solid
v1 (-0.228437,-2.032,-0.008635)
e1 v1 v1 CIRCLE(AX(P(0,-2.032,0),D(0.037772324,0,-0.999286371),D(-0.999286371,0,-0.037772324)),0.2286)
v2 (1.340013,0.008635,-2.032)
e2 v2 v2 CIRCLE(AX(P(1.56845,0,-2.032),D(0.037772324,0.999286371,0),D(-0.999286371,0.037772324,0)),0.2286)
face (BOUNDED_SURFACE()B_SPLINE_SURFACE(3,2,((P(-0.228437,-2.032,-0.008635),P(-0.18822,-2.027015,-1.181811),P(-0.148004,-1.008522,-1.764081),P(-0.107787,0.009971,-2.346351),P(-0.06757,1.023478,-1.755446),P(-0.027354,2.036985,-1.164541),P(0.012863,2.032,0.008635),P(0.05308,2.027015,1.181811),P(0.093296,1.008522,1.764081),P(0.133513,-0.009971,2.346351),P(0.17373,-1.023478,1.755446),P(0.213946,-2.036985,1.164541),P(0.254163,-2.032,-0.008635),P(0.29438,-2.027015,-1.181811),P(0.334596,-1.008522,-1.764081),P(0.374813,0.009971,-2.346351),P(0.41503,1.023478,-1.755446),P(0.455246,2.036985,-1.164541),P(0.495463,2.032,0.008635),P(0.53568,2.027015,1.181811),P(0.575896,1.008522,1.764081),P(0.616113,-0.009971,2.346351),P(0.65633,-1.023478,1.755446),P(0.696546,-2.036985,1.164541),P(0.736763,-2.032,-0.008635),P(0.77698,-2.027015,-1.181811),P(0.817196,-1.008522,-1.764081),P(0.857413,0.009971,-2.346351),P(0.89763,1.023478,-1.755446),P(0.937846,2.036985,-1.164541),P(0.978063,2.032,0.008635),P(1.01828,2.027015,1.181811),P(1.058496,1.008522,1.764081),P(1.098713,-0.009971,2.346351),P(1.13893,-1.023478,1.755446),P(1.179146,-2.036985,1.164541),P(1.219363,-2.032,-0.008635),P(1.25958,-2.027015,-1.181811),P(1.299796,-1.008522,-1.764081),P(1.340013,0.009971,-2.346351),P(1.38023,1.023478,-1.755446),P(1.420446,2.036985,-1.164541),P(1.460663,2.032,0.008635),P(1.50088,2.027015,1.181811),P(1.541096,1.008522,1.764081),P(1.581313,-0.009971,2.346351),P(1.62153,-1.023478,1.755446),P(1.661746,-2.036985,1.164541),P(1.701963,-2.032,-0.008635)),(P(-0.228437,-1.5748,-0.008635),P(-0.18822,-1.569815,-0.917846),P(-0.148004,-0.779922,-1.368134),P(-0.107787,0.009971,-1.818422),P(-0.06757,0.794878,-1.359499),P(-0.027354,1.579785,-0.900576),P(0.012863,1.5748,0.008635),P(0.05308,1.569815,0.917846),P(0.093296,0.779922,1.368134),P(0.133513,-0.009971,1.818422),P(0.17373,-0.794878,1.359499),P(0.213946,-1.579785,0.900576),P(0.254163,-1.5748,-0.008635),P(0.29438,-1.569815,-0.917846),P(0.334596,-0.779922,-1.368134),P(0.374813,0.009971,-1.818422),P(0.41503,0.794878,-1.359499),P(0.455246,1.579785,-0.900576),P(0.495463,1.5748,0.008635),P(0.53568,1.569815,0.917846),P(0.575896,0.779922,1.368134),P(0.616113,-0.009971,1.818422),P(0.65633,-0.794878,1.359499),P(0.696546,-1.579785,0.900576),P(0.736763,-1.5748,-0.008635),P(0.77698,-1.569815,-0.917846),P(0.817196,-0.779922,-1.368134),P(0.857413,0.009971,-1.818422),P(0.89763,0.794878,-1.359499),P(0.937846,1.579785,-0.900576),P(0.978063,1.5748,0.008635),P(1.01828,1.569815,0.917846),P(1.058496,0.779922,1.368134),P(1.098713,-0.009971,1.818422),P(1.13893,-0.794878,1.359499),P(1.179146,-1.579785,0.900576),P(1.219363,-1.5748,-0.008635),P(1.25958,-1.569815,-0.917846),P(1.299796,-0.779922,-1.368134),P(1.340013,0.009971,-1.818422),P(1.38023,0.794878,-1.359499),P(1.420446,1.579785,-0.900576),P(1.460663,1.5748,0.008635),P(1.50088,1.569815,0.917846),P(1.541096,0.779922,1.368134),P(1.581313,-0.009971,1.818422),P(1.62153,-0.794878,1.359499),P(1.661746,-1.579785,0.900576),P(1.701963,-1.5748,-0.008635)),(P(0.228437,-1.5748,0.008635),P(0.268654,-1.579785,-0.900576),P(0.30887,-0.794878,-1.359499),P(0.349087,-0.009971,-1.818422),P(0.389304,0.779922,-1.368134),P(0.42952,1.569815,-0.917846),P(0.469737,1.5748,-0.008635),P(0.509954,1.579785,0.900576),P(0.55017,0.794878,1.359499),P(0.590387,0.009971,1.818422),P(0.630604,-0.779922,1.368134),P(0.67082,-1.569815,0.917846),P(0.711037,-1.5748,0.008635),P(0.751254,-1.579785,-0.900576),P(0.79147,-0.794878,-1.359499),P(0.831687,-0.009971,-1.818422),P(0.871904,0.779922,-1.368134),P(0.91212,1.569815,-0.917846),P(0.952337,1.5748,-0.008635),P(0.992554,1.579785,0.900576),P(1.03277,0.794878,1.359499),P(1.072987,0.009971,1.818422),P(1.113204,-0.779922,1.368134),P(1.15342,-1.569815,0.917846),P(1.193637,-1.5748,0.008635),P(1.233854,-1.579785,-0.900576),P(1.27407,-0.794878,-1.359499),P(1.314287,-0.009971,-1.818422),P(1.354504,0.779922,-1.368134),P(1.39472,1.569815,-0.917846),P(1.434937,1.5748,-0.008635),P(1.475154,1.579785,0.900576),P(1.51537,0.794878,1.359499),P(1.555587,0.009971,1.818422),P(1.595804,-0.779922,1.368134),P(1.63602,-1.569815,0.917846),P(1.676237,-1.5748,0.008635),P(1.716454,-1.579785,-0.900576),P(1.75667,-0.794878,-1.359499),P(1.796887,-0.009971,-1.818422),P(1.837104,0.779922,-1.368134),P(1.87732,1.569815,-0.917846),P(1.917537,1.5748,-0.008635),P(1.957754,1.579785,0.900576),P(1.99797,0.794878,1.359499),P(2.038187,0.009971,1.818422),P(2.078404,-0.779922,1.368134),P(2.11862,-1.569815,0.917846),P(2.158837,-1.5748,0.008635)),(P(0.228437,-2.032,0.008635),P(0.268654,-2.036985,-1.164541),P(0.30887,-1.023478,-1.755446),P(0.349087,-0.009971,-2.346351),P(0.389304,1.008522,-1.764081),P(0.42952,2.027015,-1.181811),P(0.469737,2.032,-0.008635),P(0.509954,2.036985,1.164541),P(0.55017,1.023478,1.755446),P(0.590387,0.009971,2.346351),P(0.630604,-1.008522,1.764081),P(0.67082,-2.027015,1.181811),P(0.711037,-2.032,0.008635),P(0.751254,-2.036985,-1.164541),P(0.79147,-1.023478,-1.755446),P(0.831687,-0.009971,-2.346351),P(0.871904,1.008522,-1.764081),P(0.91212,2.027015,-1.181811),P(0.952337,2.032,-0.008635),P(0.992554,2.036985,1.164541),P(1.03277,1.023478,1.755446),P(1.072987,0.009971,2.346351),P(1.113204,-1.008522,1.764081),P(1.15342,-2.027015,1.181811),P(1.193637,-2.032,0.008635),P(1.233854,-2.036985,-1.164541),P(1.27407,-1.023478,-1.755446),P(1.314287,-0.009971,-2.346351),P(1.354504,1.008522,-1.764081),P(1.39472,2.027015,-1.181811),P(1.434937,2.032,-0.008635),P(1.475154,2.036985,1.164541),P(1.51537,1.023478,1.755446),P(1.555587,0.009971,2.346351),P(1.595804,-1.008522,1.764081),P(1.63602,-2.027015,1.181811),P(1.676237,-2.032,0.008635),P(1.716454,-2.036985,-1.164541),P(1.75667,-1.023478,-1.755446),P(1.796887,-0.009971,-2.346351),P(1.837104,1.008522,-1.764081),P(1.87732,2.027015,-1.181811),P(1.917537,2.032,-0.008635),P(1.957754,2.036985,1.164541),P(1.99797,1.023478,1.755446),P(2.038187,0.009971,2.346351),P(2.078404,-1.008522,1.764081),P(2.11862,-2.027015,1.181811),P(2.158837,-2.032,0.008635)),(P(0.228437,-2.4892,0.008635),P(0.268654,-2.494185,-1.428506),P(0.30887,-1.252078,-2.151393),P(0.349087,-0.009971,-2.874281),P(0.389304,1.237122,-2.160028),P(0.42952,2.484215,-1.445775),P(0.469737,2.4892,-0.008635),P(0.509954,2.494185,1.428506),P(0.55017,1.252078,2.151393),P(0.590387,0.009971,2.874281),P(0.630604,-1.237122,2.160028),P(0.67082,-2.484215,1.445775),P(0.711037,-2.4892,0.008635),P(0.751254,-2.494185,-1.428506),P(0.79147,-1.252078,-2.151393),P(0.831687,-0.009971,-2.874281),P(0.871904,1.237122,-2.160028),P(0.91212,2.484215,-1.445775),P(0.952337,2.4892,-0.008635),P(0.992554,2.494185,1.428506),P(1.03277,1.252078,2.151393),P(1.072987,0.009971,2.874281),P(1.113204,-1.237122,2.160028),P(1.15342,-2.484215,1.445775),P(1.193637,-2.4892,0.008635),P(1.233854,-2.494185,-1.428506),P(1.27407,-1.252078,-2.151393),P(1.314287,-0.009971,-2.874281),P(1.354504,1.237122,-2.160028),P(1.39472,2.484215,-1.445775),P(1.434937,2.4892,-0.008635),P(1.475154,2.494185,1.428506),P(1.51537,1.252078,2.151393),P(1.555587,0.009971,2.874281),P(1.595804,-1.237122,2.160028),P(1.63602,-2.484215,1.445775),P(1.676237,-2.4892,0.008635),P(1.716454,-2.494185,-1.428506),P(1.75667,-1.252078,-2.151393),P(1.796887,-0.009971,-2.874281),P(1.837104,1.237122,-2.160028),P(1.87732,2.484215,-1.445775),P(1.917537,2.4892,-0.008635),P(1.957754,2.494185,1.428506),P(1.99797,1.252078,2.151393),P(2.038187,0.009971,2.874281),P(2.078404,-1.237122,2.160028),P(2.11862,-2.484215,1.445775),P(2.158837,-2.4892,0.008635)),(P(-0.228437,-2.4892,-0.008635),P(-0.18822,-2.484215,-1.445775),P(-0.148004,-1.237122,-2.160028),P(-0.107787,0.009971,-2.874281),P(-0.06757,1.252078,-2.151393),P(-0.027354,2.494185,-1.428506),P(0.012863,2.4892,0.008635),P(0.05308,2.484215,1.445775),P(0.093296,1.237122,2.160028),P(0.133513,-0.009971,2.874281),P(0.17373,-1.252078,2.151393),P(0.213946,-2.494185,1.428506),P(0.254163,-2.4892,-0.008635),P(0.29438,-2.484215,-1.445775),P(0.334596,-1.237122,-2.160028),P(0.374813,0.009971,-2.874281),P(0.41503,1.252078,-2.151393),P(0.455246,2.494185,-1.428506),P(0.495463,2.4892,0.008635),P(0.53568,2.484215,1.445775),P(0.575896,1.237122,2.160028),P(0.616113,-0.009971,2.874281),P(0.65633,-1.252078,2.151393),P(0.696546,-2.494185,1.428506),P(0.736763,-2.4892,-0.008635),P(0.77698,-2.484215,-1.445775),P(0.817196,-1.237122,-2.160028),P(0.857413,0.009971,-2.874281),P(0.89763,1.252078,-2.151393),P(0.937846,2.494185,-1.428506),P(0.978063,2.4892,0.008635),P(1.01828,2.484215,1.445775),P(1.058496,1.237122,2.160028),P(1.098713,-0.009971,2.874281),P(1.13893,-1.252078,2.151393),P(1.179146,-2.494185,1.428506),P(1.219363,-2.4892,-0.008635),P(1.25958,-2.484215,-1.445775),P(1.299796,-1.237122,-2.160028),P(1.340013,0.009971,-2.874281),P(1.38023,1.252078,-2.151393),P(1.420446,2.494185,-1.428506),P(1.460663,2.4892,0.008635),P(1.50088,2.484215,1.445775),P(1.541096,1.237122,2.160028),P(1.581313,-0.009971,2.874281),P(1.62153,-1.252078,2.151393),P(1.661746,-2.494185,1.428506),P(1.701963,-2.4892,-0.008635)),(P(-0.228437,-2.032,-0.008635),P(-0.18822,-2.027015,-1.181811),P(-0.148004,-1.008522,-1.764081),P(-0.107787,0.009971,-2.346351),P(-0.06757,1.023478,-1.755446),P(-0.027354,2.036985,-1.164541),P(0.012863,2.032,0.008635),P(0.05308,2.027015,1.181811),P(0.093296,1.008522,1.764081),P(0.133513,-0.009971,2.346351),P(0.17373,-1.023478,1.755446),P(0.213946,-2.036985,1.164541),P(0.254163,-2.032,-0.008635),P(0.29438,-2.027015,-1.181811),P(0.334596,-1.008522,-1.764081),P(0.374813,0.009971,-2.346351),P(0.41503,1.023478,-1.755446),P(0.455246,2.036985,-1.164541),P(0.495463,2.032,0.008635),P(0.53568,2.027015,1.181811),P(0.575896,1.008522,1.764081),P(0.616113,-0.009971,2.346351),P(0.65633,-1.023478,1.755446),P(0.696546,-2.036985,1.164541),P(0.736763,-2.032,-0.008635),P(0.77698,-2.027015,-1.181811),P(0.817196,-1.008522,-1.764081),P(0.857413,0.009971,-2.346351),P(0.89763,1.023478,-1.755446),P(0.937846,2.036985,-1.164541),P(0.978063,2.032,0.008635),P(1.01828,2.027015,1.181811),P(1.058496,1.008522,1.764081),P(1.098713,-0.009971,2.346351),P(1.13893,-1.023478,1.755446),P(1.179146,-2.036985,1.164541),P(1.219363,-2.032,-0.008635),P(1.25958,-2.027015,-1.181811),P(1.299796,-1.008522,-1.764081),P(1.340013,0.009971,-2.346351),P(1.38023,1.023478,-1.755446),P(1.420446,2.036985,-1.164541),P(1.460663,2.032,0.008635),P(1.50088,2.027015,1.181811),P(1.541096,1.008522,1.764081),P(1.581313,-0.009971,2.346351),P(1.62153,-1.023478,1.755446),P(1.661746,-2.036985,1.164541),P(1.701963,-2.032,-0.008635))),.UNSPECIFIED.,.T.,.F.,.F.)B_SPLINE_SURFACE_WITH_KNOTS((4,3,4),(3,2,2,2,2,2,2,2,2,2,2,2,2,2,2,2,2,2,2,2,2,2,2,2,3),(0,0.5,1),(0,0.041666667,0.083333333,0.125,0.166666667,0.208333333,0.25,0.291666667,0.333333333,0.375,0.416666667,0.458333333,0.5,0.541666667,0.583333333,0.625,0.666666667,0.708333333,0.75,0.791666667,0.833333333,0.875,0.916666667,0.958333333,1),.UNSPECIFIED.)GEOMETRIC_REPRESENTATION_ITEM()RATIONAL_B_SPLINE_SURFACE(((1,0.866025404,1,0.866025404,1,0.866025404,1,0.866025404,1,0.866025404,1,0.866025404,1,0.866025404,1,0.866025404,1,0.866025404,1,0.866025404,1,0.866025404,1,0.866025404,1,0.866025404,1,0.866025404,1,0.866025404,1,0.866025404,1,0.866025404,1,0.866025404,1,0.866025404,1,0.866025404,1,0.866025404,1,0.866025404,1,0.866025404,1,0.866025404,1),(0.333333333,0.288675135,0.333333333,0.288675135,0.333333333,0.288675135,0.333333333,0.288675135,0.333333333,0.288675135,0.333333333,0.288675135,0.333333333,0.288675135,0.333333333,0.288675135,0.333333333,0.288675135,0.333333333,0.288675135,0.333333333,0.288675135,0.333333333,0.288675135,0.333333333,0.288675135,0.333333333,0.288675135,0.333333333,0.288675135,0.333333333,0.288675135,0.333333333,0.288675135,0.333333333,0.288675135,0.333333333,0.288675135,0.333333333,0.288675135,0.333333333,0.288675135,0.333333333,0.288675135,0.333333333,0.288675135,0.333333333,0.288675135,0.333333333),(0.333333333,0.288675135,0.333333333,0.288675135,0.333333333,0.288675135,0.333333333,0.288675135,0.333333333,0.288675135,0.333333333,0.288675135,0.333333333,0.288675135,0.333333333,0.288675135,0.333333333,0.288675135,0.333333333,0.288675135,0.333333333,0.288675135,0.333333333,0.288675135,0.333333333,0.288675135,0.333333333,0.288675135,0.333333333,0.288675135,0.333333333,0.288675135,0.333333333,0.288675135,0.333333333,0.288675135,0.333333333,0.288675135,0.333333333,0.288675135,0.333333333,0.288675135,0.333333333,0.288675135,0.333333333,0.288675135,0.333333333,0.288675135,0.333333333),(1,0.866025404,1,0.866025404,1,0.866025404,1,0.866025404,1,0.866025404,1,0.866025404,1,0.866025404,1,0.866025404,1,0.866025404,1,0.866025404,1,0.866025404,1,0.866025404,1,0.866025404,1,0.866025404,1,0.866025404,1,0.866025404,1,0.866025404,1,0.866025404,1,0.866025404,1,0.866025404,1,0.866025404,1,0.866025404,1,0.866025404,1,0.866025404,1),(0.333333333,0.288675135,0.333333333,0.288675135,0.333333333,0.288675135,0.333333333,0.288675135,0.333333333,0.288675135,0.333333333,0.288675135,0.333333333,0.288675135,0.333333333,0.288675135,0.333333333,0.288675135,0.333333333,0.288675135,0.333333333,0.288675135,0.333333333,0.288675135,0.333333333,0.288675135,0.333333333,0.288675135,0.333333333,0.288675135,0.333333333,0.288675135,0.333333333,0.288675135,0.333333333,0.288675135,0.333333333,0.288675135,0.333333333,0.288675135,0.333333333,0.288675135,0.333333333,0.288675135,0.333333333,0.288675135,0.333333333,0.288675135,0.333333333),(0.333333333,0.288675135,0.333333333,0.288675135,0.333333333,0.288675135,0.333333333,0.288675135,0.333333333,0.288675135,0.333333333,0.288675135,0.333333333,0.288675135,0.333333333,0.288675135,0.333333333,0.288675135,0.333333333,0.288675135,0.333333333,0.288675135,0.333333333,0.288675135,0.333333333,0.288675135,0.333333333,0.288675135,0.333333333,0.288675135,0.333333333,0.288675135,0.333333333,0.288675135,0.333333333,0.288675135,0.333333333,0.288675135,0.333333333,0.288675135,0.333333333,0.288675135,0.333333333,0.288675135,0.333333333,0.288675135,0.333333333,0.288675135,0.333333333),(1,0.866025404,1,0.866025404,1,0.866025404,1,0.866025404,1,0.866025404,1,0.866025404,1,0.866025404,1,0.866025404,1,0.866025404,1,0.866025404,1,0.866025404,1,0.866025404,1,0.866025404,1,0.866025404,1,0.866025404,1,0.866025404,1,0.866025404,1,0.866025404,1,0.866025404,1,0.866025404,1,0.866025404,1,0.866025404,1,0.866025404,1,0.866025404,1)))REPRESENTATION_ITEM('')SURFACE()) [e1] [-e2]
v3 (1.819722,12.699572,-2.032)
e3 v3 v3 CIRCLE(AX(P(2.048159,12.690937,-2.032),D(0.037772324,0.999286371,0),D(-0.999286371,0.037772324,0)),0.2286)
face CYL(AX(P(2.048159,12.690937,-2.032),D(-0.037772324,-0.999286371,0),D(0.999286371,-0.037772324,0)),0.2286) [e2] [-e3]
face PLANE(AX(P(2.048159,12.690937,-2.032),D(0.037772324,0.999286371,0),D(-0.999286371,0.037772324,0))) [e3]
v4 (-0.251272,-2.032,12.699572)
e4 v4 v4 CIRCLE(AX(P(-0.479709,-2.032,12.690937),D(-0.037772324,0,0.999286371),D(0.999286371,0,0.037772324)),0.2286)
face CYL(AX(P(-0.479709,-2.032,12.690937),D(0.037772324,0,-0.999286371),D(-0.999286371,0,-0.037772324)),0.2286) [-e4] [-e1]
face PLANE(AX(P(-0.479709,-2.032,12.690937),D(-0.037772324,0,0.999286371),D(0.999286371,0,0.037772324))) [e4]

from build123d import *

# Parameters (mm, degrees)
SWEEP1_PITCH       = 0.4826
SWEEP1_HEIGHT      = 1.56845
SWEEP1_RADIUS      = 2.032
SWEEP1_START_ANGLE = 90
SKETCH2_R          = 0.2286
SKETCH3_R          = 0.2286
EXTRUDE1_DEPTH     = 12.7
SKETCH4_R          = 0.2286
EXTRUDE2_DEPTH     = 12.7


with BuildPart() as part:
    # Sweep1: sweep along a helix
    with BuildLine() as sweep1_path:
        add(Helix(SWEEP1_PITCH, SWEEP1_HEIGHT, SWEEP1_RADIUS, center=(0, 0, 0), direction=(1, 0, 0), mode=Mode.PRIVATE).rotate(Axis((0, 0, 0), (1, 0, 0)), SWEEP1_START_ANGLE))
    # Sketch2 → Sweep1 (sweep)
    with BuildSketch(Plane(origin=(0, -2.032, 0), x_dir=(0.9952969691308517, 0.08926681293390744, 0.037621527714370634), z_dir=(0.03777232431311158, 1.1261824806041432e-14, -0.999286371124907))):
        Circle(SKETCH2_R)
    sweep(path=sweep1_path.line, is_frenet=True)

    # Sketch3 → Extrude1 (add)
    with BuildSketch(Plane(origin=(0, 0, 0), x_dir=(-0.9952969691308517, -0.08926681293390744, -0.03762152771437064), z_dir=(-0.03777232431311159, -1.1263993210386403e-14, 0.999286371124907))):
        with Locations(Location((0.181390164, 2.023887746, 0), (0, 0, 354.87857121))):
            Circle(SKETCH3_R)
    extrude(amount=EXTRUDE1_DEPTH)

    # Sketch4 → Extrude2 (add)
    with BuildSketch(Plane(origin=(0.002237784, 0.059201724, 0), x_dir=(0.9952969691308529, -0.037621527714364764, -0.08926681293389803), z_dir=(0.03777232431311158, 0.999286371124907, 5.4844150054744745e-14))):
        with Locations(Location((1.742463695, 1.883977129, 0), (0, 0, 174.87857121))):
            Circle(SKETCH4_R)
    extrude(amount=EXTRUDE2_DEPTH)


solid = part.part
